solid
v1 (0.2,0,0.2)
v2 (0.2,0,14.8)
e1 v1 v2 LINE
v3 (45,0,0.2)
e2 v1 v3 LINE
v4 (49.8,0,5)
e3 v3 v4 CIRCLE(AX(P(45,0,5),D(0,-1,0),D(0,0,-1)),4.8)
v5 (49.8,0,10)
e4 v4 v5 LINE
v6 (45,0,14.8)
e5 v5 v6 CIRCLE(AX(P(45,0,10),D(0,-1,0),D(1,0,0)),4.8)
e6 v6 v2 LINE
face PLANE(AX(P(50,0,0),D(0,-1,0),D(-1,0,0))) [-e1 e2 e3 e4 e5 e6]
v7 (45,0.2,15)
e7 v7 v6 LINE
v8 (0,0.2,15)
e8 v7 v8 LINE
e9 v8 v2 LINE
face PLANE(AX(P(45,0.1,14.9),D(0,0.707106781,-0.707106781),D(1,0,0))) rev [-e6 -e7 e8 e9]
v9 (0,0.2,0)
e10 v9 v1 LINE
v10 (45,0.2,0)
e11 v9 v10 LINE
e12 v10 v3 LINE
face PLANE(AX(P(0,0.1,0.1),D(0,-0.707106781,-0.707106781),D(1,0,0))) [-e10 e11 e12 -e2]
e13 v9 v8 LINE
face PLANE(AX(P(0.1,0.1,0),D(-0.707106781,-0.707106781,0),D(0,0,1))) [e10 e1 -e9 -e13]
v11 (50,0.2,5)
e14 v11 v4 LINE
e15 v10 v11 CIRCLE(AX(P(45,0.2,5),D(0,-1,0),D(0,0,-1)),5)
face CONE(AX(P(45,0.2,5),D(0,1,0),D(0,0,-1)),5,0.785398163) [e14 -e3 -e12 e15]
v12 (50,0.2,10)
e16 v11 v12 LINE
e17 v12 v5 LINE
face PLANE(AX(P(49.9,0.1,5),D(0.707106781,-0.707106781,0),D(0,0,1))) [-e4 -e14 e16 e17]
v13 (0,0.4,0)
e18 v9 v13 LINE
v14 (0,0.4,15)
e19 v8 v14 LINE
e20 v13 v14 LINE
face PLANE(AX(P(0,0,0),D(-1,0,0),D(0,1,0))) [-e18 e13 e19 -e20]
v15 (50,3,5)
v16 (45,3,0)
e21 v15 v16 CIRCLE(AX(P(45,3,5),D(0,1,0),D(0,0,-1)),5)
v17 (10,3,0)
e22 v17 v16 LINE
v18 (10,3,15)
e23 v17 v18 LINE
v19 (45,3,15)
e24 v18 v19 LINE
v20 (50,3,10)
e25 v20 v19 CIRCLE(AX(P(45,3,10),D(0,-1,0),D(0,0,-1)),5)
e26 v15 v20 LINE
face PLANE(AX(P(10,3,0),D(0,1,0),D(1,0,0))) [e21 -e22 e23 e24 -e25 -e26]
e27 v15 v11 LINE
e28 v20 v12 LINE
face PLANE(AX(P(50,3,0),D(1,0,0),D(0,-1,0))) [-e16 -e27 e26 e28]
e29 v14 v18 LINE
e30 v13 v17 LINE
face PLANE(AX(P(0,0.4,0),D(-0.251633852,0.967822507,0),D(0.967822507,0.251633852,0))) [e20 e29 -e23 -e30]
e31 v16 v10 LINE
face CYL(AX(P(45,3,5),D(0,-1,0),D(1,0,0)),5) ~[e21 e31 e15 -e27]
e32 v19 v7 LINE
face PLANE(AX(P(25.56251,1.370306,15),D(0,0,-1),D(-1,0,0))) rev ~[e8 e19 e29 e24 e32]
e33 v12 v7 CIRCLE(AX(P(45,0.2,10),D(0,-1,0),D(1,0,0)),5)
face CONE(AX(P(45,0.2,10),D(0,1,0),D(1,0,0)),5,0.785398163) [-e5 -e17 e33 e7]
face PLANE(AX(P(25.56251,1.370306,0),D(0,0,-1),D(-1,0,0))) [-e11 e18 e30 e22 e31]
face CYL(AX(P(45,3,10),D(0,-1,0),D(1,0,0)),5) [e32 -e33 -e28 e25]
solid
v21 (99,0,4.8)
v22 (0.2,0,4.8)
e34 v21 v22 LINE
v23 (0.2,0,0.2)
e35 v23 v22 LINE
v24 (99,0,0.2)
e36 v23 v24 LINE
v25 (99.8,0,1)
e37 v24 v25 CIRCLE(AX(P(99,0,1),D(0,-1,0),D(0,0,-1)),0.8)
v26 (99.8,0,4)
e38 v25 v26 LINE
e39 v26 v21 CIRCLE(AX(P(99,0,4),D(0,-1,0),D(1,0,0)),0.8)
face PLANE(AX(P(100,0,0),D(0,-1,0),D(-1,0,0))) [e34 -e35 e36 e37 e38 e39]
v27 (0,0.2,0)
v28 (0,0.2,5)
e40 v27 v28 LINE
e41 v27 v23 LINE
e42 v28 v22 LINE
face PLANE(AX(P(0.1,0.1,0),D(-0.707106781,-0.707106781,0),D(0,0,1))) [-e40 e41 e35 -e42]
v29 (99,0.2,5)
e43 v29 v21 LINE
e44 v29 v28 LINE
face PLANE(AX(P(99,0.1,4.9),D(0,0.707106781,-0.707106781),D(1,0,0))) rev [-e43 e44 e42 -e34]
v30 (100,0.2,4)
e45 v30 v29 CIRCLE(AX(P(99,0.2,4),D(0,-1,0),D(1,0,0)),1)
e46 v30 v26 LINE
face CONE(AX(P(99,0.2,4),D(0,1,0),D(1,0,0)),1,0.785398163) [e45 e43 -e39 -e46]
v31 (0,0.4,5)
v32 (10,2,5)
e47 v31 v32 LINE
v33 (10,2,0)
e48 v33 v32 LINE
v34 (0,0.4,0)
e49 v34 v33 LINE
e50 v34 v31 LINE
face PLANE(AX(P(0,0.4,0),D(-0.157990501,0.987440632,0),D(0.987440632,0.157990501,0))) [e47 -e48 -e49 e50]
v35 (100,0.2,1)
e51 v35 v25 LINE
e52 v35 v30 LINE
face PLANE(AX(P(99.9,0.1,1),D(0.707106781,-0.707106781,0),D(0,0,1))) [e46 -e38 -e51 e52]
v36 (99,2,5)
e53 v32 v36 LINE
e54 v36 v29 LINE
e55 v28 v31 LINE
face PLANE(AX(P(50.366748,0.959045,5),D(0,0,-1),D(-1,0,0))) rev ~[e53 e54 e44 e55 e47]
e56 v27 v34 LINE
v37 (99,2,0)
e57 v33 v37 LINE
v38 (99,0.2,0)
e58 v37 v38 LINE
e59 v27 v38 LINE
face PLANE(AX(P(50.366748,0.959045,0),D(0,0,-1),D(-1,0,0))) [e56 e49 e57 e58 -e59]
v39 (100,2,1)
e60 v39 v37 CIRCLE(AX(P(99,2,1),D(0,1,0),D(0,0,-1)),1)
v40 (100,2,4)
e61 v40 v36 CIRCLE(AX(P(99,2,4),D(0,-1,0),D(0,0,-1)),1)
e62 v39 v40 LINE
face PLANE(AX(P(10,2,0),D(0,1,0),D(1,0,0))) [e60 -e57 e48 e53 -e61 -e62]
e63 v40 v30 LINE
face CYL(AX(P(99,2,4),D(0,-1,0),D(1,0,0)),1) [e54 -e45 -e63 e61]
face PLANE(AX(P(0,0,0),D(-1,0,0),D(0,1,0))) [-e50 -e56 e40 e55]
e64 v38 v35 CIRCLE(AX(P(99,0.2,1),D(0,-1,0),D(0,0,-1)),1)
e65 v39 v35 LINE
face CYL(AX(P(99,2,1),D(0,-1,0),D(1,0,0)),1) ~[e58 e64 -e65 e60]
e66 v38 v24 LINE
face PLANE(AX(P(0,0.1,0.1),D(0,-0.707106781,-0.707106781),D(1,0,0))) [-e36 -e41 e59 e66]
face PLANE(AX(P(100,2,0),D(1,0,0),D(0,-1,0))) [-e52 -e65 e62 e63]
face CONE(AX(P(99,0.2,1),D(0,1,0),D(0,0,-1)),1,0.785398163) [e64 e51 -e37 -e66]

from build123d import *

# Parameters (mm, degrees)
PAD_DEPTH       = 15
FILLET_R        = 5
CHAMFER_SIZE    = 0.2
PAD001_DEPTH    = 5
FILLET001_R     = 1
CHAMFER001_SIZE = 0.2


with BuildPart() as short:
    # Sketch → Pad (new body)
    with BuildSketch(Plane.XY):
        Polygon((0, 0), (0, 0.4), (10, 3), (50, 3), (50, 0), align=None)
    extrude(amount=PAD_DEPTH)

    # Fillet
    fillet_edges = [short.edges().sort_by_distance(p)[0] for p in [
        (50, 1.5, 15),
        (50, 1.5, 0),
    ]]
    fillet(fillet_edges, radius=FILLET_R)

    # Chamfer
    chamfer_edges = [short.edges().sort_by_distance(p)[0] for p in [
        (50, 0, 7.5),
        (48.535534, 0, 1.464466),
        (48.535534, 0, 13.535534),
        (22.5, 0, 0),
        (22.5, 0, 15),
        (0, 0, 7.5),
    ]]
    chamfer(chamfer_edges, length=CHAMFER_SIZE)


with BuildPart() as long:
    # Sketch001 → Pad001 (new body)
    with BuildSketch(Plane.XY):
        Polygon((0, 0), (0, 0.4), (10, 2), (100, 2), (100, 0), align=None)
    extrude(amount=PAD001_DEPTH)

    # Fillet001
    fillet001_edges = [long.edges().sort_by_distance(p)[0] for p in [
        (100, 1, 5),
        (100, 1, 0),
    ]]
    fillet(fillet001_edges, radius=FILLET001_R)

    # Chamfer001
    chamfer001_edges = [long.edges().sort_by_distance(p)[0] for p in [
        (100, 0, 2.5),
        (99.707107, 0, 0.292893),
        (99.707107, 0, 4.707107),
        (49.5, 0, 0),
        (49.5, 0, 5),
        (0, 0, 2.5),
    ]]
    chamfer(chamfer001_edges, length=CHAMFER001_SIZE)


solid = Compound([short.part, long.part])
